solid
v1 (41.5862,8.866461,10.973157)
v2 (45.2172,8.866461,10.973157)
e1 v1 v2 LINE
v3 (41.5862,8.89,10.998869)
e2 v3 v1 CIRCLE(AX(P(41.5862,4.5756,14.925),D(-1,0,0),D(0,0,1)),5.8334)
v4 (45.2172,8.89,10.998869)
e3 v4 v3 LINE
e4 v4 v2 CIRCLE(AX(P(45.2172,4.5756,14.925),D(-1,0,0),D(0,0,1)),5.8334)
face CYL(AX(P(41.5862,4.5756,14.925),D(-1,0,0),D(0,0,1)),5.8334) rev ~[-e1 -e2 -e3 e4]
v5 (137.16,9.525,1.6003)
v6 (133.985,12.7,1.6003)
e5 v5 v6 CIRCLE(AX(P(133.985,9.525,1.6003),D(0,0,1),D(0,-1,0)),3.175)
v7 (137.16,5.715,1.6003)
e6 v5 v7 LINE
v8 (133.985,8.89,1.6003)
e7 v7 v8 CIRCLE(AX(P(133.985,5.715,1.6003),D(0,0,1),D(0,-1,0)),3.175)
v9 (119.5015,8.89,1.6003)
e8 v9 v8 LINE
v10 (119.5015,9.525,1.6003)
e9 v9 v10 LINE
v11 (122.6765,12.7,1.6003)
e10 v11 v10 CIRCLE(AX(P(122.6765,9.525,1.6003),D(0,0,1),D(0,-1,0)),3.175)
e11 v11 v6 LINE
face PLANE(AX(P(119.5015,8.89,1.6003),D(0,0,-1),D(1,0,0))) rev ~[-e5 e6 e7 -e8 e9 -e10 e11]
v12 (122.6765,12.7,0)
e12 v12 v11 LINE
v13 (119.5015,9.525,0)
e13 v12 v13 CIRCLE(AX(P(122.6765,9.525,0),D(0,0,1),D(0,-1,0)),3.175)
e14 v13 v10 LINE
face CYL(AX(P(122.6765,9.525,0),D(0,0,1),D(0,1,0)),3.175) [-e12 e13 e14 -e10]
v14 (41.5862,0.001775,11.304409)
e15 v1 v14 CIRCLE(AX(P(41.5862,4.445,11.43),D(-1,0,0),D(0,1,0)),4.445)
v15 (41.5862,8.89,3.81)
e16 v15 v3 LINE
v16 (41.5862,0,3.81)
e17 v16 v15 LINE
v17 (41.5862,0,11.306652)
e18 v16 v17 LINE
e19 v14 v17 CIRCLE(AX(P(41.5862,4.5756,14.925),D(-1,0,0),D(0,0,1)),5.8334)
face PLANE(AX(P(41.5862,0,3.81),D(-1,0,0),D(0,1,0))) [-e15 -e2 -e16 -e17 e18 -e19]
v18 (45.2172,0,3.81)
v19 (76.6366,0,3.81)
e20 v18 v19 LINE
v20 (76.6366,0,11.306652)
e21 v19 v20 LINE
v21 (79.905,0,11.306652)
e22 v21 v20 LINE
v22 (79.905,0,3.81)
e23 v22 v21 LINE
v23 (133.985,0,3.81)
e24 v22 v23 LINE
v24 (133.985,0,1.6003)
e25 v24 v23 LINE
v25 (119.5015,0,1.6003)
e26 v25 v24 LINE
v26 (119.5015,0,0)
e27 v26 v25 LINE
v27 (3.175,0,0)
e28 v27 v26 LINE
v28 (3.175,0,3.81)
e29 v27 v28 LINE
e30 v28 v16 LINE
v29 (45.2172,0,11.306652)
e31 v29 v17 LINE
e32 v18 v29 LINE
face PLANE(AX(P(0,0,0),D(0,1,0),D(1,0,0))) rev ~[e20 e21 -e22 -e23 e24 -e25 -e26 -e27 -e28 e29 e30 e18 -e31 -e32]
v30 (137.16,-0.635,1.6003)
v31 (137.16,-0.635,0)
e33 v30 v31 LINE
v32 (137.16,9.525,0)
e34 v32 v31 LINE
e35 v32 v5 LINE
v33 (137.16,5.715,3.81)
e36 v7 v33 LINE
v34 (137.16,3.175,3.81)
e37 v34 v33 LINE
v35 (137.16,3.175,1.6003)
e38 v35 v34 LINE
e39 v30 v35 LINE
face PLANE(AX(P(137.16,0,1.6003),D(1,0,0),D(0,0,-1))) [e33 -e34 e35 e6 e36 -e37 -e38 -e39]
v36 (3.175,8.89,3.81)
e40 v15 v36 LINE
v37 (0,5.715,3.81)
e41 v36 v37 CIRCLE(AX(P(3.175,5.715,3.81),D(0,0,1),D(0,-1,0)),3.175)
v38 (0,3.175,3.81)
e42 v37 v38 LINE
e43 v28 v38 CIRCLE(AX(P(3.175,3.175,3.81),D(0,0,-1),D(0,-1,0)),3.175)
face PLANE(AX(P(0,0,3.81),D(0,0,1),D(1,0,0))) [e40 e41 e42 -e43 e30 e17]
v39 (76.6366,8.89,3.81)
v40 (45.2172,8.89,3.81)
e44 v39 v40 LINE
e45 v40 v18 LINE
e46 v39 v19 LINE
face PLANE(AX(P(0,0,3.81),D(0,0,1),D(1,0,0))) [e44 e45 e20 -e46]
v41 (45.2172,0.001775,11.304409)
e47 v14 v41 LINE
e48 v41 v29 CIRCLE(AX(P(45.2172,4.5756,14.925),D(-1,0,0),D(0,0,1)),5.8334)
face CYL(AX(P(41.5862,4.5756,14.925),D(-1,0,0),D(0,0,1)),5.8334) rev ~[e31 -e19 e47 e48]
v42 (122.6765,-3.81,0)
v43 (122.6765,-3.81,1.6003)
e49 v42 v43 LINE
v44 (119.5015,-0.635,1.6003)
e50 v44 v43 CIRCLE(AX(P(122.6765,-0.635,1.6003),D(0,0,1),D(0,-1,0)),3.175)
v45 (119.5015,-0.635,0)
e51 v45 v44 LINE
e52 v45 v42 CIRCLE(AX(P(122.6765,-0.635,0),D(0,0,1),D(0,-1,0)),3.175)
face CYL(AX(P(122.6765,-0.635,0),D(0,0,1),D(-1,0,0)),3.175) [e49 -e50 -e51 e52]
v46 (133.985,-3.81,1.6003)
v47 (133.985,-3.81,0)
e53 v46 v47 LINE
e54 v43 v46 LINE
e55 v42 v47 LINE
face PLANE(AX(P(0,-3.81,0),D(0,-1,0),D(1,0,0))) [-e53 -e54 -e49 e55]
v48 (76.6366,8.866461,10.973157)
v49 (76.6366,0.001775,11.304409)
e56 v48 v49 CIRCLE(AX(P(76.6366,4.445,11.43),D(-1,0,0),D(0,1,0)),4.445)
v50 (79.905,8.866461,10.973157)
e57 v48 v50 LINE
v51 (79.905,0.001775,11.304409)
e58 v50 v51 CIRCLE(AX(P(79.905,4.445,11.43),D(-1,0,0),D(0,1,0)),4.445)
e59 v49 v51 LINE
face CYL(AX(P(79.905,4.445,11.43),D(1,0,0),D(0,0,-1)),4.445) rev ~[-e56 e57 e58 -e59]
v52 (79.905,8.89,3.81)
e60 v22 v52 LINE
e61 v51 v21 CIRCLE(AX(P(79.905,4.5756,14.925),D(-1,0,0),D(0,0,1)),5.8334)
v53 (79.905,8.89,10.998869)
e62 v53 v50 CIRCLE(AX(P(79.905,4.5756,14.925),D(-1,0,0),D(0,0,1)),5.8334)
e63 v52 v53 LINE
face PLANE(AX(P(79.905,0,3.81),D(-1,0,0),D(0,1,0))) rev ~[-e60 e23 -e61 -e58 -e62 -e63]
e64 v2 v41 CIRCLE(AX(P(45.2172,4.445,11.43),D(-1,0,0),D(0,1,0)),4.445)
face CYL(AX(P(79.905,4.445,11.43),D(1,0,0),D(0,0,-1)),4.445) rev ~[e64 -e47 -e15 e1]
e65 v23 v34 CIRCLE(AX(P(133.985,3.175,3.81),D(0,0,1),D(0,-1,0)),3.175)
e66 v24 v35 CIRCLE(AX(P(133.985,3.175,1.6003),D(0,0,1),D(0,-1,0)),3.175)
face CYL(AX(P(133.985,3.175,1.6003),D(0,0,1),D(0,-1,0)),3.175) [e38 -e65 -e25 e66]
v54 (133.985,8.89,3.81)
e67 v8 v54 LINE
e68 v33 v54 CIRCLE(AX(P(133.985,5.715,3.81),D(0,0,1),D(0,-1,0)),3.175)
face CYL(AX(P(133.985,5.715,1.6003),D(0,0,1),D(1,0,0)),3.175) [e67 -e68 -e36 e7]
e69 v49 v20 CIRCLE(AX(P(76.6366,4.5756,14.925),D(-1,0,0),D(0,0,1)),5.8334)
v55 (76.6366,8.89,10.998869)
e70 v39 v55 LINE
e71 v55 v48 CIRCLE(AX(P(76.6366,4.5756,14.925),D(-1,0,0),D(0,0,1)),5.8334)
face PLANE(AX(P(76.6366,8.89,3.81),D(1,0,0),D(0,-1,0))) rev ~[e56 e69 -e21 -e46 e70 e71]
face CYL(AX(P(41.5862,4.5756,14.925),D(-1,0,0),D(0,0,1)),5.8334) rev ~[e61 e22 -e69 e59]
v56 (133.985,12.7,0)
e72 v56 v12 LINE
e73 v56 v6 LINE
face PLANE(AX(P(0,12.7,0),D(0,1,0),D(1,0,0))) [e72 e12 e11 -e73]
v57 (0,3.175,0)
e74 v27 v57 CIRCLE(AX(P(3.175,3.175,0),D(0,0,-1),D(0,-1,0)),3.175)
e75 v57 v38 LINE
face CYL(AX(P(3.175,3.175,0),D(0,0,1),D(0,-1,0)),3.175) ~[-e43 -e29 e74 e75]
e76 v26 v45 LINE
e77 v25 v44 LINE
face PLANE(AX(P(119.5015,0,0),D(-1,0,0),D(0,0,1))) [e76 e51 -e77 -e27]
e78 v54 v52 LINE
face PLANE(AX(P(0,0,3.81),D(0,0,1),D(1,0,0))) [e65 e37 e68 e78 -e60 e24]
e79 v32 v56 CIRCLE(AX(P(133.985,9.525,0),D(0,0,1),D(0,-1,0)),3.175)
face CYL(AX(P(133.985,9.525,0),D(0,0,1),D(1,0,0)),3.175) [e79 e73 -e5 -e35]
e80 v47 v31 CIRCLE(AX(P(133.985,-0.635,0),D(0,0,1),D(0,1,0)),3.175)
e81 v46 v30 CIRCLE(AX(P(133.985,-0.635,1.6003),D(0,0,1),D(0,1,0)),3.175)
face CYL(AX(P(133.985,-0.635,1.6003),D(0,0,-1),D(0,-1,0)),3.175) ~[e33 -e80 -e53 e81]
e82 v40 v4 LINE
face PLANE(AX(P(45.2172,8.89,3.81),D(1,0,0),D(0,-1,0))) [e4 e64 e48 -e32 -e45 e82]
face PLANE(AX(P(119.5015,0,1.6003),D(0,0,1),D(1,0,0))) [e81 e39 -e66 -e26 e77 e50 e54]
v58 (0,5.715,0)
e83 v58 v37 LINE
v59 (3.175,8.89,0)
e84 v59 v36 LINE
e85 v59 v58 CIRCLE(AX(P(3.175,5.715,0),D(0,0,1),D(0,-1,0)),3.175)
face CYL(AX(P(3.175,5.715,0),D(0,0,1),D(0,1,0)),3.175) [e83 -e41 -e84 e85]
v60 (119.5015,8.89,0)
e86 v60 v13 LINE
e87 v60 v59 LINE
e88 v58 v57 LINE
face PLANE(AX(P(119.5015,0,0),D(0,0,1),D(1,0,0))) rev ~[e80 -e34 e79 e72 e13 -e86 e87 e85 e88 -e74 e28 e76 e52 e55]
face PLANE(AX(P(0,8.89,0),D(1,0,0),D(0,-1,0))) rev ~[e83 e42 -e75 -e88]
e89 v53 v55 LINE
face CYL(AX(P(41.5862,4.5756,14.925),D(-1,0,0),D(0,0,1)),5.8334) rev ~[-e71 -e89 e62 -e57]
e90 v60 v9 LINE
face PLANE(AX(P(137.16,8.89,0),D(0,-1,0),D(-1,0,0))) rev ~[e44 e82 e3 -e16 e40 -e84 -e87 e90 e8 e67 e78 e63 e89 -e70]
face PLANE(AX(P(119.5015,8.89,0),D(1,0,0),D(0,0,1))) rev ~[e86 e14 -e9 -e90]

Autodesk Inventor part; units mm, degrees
ref_plane "YZ Plane" through (0, 0, 0) normal (1, 0, 0) x (0, 1, 0)
ref_plane "XZ Plane" through (0, 0, 0) normal (0, 1, 0) x (-1, 0, 0)
ref_plane "XY Plane" through (0, 0, 0) normal (0, 0, 1) x (1, 0, 0)
sketch "Sketch1" plane through (0, 0, 0) normal (0, 0, 1) x (1, 0, 0)
  point P0 (0, 0)
sketch "Sketch2" plane through (0, 0, 0) normal (0, 0, 1) x (1, 0, 0)
  line L0 (0, 0) -> (137.16, 0)
  line L1 (137.16, 0) -> (137.16, 8.89)
  line L2 (137.16, 8.89) -> (0, 8.89)
  line L3 (0, 8.89) -> (0, 0)
  dimension "d0" = 137.16
  dimension "d3" = 8.89
extrude "Extrusion1" add sketch "Sketch2" along normal blind 3.81
sketch "Sketch3" plane through (0, 8.89, 0) normal (0, 1, 0) x (1, 0, 0)
  line L0 (137.16, 0) -> (137.16, -3.81) projected
  line L1 (137.16, 0) -> (119.5015, 0)
  line L2 (119.5015, 0) -> (119.5015, -1.6003)
  line L3 (119.5015, -1.6003) -> (137.16, -1.6003)
  line L4 (137.16, -1.6003) -> (137.16, 0)
  point P0 (0, 0)
extrude "Extrusion2" add sketch "Sketch3" along normal blind 3.81
sketch "Sketch4" plane through (0, 0, 0) normal (0, -1, 0) x (1, 0, 0)
  line L0 (0, 0) -> (137.16, 0) projected
  line L1 (119.5015, 1.6003) -> (137.16, 1.6003) projected
  line L2 (137.16, 0) -> (119.5015, 0)
  line L3 (119.5015, 0) -> (119.5015, 1.6003)
  line L4 (119.5015, 1.6003) -> (137.16, 1.6003)
  line L5 (137.16, 1.6003) -> (137.16, 0)
extrude "Extrusion3" add sketch "Sketch4" along normal blind 3.81
sketch "Sketch6" plane through (0, 0, 3.81) normal (0, 0, 1) x (1, 0, 0)
  line L0 (119.5015, 8.89) -> (0, 8.89) projected
  line L1 (0, 0) -> (119.5015, 0) projected
  line L2 (79.905, 8.89) -> (76.6366, 8.89)
  line L3 (76.6366, 8.89) -> (76.6366, 0)
  line L4 (76.6366, 0) -> (79.905, 0)
  line L5 (79.905, 0) -> (79.905, 8.89)
  dimension "d28" = 119.5015
extrude "Extrusion5" add sketch "Sketch6" along normal blind 7.62
sketch "Sketch7" plane through (79.905, 0, 3.81) normal (1, 0, 0) x (0, 0, -1)
  line L0 (-7.62, 0) -> (-7.62, 8.89) projected
  circle A0 centre (-7.62, 4.445) radius 4.445
  point P0 (3.81, 0)
extrude "Extrusion6" cut sketch "Sketch7" against normal blind 12.7
sketch "Sketch8" plane through (0, 0, 3.81) normal (0, 0, 1) x (1, 0, 0)
  line L0 (0, 0) -> (119.5015, 0) projected
  line L1 (119.5015, 8.89) -> (0, 8.89) projected
  line L2 (45.2172, 0) -> (41.5862, 0)
  line L3 (41.5862, 0) -> (41.5862, 8.89)
  line L4 (41.5862, 8.89) -> (45.2172, 8.89)
  line L5 (45.2172, 8.89) -> (45.2172, 0)
extrude "Extrusion7" add sketch "Sketch8" along normal blind 12.7
fillet "Fillet3" radius 3.175 8 edges at (0, 0, 1.905) (0, 8.89, 1.905) (137.16, 0, 2.7052) (137.16, 8.89, 2.7052) (137.16, -3.81, 0.8002) (137.16, 12.7, 0.8002) (119.5015, -3.81, 0.8002) (119.5015, 12.7, 0.8002)
extrude "Extrusion8" cut sketch "Sketch7" against normal through all
sketch "Sketch9" plane through (41.5862, 0, 16.51) normal (-1, 0, 0) x (0, 0, 1)
  circle A0 centre (-1.585, 4.5756) radius 5.8334
  point P0 (-16.51, 0)
extrude "Extrusion9" cut sketch "Sketch9" against normal through all
properties part number "stweet"
